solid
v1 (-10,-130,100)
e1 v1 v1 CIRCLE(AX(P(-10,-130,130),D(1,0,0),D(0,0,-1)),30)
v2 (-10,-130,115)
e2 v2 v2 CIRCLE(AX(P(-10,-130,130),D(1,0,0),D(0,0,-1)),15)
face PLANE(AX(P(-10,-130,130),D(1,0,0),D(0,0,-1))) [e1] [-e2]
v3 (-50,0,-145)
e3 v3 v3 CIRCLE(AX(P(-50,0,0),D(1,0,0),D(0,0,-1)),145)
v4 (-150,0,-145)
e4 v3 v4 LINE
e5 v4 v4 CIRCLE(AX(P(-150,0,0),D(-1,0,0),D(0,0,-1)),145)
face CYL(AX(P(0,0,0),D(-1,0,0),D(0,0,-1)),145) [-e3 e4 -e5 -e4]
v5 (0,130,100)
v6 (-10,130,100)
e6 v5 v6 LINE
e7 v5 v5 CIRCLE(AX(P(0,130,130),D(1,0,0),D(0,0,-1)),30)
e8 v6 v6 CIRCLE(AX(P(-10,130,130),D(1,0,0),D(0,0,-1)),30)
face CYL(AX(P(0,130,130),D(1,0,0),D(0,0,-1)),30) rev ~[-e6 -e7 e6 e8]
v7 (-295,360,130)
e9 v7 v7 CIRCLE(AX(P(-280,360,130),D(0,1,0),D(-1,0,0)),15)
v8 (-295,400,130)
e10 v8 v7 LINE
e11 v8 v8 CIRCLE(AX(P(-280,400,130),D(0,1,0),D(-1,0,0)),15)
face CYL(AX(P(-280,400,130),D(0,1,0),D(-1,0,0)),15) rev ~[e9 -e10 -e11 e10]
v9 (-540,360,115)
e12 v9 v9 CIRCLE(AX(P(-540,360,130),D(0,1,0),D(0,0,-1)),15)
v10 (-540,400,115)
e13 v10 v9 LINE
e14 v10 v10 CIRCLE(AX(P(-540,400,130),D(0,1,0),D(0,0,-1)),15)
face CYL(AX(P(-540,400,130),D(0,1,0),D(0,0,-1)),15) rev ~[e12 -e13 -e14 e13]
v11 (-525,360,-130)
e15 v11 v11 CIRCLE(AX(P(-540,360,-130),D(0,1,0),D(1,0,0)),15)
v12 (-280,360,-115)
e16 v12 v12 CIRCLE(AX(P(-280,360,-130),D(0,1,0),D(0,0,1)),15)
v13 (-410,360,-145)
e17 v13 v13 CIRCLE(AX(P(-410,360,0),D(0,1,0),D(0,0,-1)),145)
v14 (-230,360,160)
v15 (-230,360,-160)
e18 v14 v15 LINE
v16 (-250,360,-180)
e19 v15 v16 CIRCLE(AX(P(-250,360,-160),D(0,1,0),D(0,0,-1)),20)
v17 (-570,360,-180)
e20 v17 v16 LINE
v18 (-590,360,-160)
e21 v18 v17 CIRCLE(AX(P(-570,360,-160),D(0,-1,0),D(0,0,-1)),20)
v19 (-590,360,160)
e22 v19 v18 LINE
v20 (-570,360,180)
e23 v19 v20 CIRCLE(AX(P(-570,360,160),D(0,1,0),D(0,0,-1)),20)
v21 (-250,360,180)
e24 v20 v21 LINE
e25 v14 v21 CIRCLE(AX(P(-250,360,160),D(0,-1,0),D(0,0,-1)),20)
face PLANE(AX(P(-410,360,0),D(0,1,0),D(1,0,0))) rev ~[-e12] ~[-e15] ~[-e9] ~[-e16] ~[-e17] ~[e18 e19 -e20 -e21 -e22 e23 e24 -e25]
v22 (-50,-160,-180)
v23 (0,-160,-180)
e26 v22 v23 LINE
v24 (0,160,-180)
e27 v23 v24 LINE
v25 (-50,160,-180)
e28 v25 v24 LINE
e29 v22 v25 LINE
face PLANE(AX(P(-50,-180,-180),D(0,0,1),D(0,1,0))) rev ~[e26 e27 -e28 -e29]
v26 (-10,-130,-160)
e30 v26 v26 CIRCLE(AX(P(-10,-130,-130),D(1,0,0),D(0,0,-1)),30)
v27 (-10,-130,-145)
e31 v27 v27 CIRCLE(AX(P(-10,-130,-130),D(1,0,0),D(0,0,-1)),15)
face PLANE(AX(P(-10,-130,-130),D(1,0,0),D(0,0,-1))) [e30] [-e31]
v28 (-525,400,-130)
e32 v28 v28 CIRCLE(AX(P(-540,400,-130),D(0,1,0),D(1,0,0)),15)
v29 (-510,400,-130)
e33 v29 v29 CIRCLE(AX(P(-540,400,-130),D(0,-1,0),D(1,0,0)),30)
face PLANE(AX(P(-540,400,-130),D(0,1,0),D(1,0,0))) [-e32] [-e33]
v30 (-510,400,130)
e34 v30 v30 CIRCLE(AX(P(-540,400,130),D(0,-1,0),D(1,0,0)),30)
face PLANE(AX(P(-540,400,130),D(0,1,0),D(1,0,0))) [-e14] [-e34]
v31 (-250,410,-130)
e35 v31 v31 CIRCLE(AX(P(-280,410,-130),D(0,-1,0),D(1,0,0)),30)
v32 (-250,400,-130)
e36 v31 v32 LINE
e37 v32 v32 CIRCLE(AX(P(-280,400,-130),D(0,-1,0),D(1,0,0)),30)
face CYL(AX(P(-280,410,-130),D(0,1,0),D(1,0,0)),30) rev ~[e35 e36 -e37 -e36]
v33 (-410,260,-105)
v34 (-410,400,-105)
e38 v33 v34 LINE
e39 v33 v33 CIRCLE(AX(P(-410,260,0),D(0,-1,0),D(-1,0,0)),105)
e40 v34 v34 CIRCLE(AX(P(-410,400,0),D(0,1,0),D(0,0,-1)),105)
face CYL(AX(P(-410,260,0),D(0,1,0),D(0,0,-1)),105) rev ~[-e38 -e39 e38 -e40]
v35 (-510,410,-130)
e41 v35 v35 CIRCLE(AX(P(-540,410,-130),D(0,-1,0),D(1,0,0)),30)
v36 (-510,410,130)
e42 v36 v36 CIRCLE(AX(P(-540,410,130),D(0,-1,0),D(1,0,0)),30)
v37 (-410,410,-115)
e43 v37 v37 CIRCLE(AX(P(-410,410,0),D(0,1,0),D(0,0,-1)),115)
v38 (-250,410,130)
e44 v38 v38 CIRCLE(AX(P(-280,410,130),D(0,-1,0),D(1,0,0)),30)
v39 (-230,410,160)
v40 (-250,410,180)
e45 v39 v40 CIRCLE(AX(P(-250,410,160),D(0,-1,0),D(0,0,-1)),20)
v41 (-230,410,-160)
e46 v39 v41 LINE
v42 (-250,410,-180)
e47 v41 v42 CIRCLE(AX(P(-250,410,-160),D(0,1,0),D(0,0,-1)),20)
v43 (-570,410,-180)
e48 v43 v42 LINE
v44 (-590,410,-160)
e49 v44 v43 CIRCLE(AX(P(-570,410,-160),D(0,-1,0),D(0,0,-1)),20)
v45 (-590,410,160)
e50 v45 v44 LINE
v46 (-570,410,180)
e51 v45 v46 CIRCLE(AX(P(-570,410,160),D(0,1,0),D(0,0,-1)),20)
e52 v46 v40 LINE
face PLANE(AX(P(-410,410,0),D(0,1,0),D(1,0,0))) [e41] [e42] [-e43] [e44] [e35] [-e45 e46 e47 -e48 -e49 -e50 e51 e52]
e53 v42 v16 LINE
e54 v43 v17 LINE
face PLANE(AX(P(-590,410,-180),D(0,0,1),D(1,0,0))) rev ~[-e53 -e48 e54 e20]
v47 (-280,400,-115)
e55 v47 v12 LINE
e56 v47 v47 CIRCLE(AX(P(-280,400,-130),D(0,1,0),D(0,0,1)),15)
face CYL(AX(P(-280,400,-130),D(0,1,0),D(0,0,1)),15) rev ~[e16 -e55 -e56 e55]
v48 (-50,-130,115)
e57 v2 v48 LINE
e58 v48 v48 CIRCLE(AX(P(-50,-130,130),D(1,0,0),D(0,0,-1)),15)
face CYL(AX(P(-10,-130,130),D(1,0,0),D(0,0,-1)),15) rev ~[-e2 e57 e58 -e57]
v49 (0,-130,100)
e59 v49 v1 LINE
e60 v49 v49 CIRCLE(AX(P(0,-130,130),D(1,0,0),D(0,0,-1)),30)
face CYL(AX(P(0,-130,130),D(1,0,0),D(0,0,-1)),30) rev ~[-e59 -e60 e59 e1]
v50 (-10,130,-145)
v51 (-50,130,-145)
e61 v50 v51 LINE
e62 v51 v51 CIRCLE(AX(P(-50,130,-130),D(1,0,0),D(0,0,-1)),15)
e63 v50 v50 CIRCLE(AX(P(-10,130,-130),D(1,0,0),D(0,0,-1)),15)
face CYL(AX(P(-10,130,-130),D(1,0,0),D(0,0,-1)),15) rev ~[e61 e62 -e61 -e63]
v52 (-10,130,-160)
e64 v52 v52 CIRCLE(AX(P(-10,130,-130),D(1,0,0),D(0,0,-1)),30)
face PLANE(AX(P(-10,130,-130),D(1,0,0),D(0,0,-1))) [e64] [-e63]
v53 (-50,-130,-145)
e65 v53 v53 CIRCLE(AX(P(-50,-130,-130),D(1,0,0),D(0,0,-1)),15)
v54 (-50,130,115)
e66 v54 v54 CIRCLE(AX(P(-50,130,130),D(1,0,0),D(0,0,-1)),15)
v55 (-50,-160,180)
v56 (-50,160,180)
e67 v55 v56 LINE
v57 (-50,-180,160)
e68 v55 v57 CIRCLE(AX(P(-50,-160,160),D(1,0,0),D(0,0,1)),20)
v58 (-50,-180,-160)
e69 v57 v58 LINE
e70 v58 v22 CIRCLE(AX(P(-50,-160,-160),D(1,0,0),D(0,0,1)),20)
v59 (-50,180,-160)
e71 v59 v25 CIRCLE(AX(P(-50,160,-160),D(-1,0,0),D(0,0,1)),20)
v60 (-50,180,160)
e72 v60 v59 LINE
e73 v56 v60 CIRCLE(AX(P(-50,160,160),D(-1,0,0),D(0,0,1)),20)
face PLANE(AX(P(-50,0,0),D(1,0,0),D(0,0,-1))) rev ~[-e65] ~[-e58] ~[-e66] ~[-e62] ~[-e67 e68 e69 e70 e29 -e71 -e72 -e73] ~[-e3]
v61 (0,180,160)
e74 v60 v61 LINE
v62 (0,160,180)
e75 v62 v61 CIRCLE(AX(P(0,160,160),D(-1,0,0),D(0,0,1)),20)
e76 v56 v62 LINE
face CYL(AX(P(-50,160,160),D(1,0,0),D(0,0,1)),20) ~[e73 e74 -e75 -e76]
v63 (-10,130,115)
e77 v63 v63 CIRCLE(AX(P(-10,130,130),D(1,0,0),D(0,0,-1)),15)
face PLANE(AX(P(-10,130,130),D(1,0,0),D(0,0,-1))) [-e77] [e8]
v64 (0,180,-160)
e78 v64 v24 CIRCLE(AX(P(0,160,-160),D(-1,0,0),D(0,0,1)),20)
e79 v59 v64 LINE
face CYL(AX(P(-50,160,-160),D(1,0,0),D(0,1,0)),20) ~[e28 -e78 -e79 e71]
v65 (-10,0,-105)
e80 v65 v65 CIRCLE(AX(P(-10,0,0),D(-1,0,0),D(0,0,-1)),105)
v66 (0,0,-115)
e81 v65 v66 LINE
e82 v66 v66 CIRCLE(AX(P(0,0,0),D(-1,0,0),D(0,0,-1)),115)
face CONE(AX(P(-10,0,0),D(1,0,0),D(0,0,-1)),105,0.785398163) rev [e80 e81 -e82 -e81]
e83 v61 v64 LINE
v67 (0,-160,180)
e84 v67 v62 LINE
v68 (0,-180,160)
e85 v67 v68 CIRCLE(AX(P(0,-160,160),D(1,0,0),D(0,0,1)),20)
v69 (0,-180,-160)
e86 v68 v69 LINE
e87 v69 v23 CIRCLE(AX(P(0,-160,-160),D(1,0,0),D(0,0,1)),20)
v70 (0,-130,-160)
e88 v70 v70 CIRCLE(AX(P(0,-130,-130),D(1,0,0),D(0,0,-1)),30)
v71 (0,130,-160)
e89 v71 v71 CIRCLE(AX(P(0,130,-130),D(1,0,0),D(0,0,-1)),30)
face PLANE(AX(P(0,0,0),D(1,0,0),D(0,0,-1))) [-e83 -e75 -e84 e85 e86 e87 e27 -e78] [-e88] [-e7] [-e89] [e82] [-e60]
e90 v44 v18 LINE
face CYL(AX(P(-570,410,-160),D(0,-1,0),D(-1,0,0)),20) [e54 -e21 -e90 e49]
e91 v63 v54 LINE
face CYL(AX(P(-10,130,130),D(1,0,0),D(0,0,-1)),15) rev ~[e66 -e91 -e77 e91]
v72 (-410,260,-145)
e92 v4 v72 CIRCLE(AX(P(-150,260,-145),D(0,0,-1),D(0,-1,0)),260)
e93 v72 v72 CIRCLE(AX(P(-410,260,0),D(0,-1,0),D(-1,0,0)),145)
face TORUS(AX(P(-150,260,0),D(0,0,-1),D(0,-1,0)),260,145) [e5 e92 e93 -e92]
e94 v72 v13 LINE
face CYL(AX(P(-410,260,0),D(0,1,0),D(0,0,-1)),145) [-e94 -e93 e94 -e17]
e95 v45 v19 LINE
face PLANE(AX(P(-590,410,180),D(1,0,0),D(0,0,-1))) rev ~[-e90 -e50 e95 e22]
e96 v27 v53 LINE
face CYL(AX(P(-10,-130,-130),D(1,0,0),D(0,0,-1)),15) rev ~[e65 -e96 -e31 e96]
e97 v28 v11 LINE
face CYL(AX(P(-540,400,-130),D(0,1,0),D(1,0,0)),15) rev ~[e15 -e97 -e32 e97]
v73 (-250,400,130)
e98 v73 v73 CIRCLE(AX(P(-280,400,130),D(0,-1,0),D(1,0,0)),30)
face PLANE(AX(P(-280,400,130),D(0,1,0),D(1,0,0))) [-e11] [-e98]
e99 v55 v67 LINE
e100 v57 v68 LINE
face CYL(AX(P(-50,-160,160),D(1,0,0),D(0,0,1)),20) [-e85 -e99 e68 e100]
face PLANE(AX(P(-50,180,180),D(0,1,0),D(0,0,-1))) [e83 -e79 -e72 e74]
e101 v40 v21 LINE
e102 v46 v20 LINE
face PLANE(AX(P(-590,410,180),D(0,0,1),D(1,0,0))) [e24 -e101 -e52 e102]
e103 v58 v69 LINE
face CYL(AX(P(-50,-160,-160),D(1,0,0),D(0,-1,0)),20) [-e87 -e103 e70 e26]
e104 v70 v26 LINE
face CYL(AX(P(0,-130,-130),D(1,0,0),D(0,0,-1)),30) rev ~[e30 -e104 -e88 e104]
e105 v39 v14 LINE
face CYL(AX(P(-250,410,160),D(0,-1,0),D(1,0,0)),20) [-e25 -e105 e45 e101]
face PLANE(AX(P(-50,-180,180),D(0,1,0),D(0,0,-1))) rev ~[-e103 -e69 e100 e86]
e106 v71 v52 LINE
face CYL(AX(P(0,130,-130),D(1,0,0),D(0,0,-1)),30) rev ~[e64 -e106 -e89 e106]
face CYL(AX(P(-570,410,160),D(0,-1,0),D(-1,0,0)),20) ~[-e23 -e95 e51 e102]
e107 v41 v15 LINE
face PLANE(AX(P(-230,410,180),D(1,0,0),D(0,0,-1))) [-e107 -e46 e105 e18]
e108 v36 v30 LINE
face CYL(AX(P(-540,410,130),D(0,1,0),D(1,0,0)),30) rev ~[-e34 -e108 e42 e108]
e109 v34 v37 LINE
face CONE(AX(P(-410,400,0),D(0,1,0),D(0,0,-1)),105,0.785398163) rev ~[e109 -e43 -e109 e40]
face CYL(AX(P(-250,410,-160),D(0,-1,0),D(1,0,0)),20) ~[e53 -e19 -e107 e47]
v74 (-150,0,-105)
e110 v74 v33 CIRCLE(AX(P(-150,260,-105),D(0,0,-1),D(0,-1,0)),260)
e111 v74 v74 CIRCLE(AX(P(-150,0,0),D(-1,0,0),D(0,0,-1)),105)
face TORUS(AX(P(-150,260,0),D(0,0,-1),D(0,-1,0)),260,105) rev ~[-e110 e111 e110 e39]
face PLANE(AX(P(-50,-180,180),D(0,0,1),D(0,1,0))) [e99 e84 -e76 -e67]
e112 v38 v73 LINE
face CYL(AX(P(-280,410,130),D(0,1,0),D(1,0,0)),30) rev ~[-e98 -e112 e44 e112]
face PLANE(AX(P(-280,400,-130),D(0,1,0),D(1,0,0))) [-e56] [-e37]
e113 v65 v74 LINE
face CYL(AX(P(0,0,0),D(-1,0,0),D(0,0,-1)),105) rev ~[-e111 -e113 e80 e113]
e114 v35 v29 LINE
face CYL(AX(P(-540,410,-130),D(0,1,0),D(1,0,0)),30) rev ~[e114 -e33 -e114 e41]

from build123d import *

# Parameters (mm, degrees)
SKETCH2_R           = 145
SKETCH2_R_2         = 105
BOSS_EXTRUDE1_START = -50
SKETCH3_W           = 360
SKETCH3_H           = 360
SKETCH3_R           = 145
BOSS_EXTRUDE1_DEPTH = 50
FILLET1_R           = 20
SKETCH4_W           = 360
SKETCH4_H           = 360
SKETCH4_R           = 145
BOSS_EXTRUDE2_DEPTH = 50
FILLET2_R           = 20
SKETCH5_R           = 30
CUT_EXTRUDE1_DEPTH  = 10
CUT_EXTRUDE2_REACH  = 734.735
SKETCH6_R           = 15
SKETCH7_R           = 30
CUT_EXTRUDE3_DEPTH  = 10
CUT_EXTRUDE4_REACH  = 848.699
SKETCH8_R           = 15
CIRPATTERN1_COUNT   = 4
CHAMFER1_SIZE       = 10
CHAMFER2_SIZE       = 10


with BuildPart() as part:
    # Sweep-Thin1: sweep along a path in Sketch1
    with BuildLine(Plane.XY) as sweep_thin1_path:
        Line((0, 0), (-150, 0))
        ThreePointArc((-150, 0), (-333.847763109, 76.152236891), (-410, 260))
        Line((-410, 260), (-410, 410))
    # Sketch2 → Sweep-Thin1 (sweep)
    with BuildSketch(Plane(origin=(0, 0, 0), x_dir=(0, 0, -1), z_dir=(1, 0, 0))):
        Circle(SKETCH2_R)
        Circle(SKETCH2_R_2, mode=Mode.SUBTRACT)
    sweep(path=sweep_thin1_path.line)

    # Sketch3 → Boss-Extrude1 (add)
    with BuildSketch(Plane(origin=(0, 0, 0), x_dir=(0, 0, -1), z_dir=(1, 0, 0)).offset(BOSS_EXTRUDE1_START)):
        Rectangle(SKETCH3_W, SKETCH3_H)
        Circle(SKETCH3_R, mode=Mode.SUBTRACT)
    extrude(amount=BOSS_EXTRUDE1_DEPTH)

    # Fillet1
    fillet1_edges = [part.edges().sort_by_distance(p)[0] for p in [
        (-25, -180, -180),
        (-25, -180, 180),
        (-25, 180, -180),
        (-25, 180, 180),
    ]]
    fillet(fillet1_edges, radius=FILLET1_R)

    # Sketch4 → Boss-Extrude2 (add)
    with BuildSketch(Plane(origin=(0, 410, 0), x_dir=(1, 0, 0), z_dir=(0, 1, 0))):
        with Locations((-410, 0)):
            Rectangle(SKETCH4_W, SKETCH4_H)
        with Locations((-410, 0)):
            Circle(SKETCH4_R, mode=Mode.SUBTRACT)
    extrude(amount=-BOSS_EXTRUDE2_DEPTH)

    # Fillet2
    fillet2_edges = [part.edges().sort_by_distance(p)[0] for p in [
        (-590, 385, 180),
        (-230, 385, 180),
        (-230, 385, -180),
        (-590, 385, -180),
    ]]
    fillet(fillet2_edges, radius=FILLET2_R)

    # Sketch5 → Cut-Extrude1 (cut)
    with BuildSketch(Plane(origin=(0, 0, 0), x_dir=(0, 0, -1), z_dir=(1, 0, 0))):
        with Locations((-130, 130)):
            Circle(SKETCH5_R)
        with Locations((130, 130)):
            Circle(SKETCH5_R)
        with Locations((-130, -130)):
            Circle(SKETCH5_R)
        with Locations((130, -130)):
            Circle(SKETCH5_R)
    extrude(amount=-CUT_EXTRUDE1_DEPTH, mode=Mode.SUBTRACT)

    # Sketch6 → Cut-Extrude2 (cut, up to next)
    with BuildSketch(Plane(origin=(-10, 0, 0), x_dir=(0, 0, -1), z_dir=(1, 0, 0)), mode=Mode.PRIVATE) as cut_extrude2_sk1:
        with Locations((-130, 130)):
            Circle(SKETCH6_R)
    cut_extrude2_tool1 = extrude(cut_extrude2_sk1.sketch, amount=-CUT_EXTRUDE2_REACH, mode=Mode.PRIVATE) & part.part
    # Sketch6 → Cut-Extrude2 (cut, up to next)
    with BuildSketch(Plane(origin=(-10, 0, 0), x_dir=(0, 0, -1), z_dir=(1, 0, 0)), mode=Mode.PRIVATE) as cut_extrude2_sk2:
        with Locations((130, 130)):
            Circle(SKETCH6_R)
    cut_extrude2_tool2 = extrude(cut_extrude2_sk2.sketch, amount=-CUT_EXTRUDE2_REACH, mode=Mode.PRIVATE) & part.part
    # Sketch6 → Cut-Extrude2 (cut, up to next)
    with BuildSketch(Plane(origin=(-10, 0, 0), x_dir=(0, 0, -1), z_dir=(1, 0, 0)), mode=Mode.PRIVATE) as cut_extrude2_sk3:
        with Locations((130, -130)):
            Circle(SKETCH6_R)
    cut_extrude2_tool3 = extrude(cut_extrude2_sk3.sketch, amount=-CUT_EXTRUDE2_REACH, mode=Mode.PRIVATE) & part.part
    # Sketch6 → Cut-Extrude2 (cut, up to next)
    with BuildSketch(Plane(origin=(-10, 0, 0), x_dir=(0, 0, -1), z_dir=(1, 0, 0)), mode=Mode.PRIVATE) as cut_extrude2_sk4:
        with Locations((-130, -130)):
            Circle(SKETCH6_R)
    cut_extrude2_tool4 = extrude(cut_extrude2_sk4.sketch, amount=-CUT_EXTRUDE2_REACH, mode=Mode.PRIVATE) & part.part
    add(cut_extrude2_tool1.solids().sort_by_distance((-10, 130, 130))[0], mode=Mode.SUBTRACT)
    add(cut_extrude2_tool2.solids().sort_by_distance((-10, 130, -130))[0], mode=Mode.SUBTRACT)
    add(cut_extrude2_tool3.solids().sort_by_distance((-10, -130, -130))[0], mode=Mode.SUBTRACT)
    add(cut_extrude2_tool4.solids().sort_by_distance((-10, -130, 130))[0], mode=Mode.SUBTRACT)

    # Sketch7 → Cut-Extrude3 (cut)
    with BuildSketch(Plane(origin=(0, 410, 0), x_dir=(1, 0, 0), z_dir=(0, 1, 0))):
        with Locations((-540, 130)):
            Circle(SKETCH7_R)
        with Locations((-280, 130)):
            Circle(SKETCH7_R)
        with Locations((-280, -130)):
            Circle(SKETCH7_R)
        with Locations((-540, -130)):
            Circle(SKETCH7_R)
    cut_extrude3 = extrude(amount=-CUT_EXTRUDE3_DEPTH, mode=Mode.SUBTRACT)

    # Sketch8 → Cut-Extrude4 (cut, up to next)
    with BuildSketch(Plane(origin=(0, 400, 0), x_dir=(1, 0, 0), z_dir=(0, 1, 0)), mode=Mode.PRIVATE) as cut_extrude4_sk1:
        with Locations((-540, 130)):
            Circle(SKETCH8_R)
    cut_extrude4_tool1 = extrude(cut_extrude4_sk1.sketch, amount=-CUT_EXTRUDE4_REACH, mode=Mode.PRIVATE) & part.part
    cut_extrude4 = cut_extrude4_tool1.solids().sort_by_distance((-540, 400, -130))[0]
    add(cut_extrude4, mode=Mode.SUBTRACT)

    # CirPattern1: Cut-Extrude3, Cut-Extrude4 ×4 about axis
    cirpattern1_axis = Axis((-410, 260, 0), (0, 1, 0))
    add([cut_extrude3.rotate(cirpattern1_axis, i * 360 / CIRPATTERN1_COUNT) for i in range(1, CIRPATTERN1_COUNT)], mode=Mode.SUBTRACT)
    add([cut_extrude4.rotate(cirpattern1_axis, i * 360 / CIRPATTERN1_COUNT) for i in range(1, CIRPATTERN1_COUNT)], mode=Mode.SUBTRACT)

    # Chamfer1
    chamfer1_edges = [part.edges().sort_by_distance(p)[0] for p in [
        (0, 0, 105),
    ]]
    chamfer(chamfer1_edges, length=CHAMFER1_SIZE)

    # Chamfer2
    chamfer2_edges = [part.edges().sort_by_distance(p)[0] for p in [
        (-410, 410, 105),
    ]]
    chamfer(chamfer2_edges, length=CHAMFER2_SIZE)


solid = part.part
